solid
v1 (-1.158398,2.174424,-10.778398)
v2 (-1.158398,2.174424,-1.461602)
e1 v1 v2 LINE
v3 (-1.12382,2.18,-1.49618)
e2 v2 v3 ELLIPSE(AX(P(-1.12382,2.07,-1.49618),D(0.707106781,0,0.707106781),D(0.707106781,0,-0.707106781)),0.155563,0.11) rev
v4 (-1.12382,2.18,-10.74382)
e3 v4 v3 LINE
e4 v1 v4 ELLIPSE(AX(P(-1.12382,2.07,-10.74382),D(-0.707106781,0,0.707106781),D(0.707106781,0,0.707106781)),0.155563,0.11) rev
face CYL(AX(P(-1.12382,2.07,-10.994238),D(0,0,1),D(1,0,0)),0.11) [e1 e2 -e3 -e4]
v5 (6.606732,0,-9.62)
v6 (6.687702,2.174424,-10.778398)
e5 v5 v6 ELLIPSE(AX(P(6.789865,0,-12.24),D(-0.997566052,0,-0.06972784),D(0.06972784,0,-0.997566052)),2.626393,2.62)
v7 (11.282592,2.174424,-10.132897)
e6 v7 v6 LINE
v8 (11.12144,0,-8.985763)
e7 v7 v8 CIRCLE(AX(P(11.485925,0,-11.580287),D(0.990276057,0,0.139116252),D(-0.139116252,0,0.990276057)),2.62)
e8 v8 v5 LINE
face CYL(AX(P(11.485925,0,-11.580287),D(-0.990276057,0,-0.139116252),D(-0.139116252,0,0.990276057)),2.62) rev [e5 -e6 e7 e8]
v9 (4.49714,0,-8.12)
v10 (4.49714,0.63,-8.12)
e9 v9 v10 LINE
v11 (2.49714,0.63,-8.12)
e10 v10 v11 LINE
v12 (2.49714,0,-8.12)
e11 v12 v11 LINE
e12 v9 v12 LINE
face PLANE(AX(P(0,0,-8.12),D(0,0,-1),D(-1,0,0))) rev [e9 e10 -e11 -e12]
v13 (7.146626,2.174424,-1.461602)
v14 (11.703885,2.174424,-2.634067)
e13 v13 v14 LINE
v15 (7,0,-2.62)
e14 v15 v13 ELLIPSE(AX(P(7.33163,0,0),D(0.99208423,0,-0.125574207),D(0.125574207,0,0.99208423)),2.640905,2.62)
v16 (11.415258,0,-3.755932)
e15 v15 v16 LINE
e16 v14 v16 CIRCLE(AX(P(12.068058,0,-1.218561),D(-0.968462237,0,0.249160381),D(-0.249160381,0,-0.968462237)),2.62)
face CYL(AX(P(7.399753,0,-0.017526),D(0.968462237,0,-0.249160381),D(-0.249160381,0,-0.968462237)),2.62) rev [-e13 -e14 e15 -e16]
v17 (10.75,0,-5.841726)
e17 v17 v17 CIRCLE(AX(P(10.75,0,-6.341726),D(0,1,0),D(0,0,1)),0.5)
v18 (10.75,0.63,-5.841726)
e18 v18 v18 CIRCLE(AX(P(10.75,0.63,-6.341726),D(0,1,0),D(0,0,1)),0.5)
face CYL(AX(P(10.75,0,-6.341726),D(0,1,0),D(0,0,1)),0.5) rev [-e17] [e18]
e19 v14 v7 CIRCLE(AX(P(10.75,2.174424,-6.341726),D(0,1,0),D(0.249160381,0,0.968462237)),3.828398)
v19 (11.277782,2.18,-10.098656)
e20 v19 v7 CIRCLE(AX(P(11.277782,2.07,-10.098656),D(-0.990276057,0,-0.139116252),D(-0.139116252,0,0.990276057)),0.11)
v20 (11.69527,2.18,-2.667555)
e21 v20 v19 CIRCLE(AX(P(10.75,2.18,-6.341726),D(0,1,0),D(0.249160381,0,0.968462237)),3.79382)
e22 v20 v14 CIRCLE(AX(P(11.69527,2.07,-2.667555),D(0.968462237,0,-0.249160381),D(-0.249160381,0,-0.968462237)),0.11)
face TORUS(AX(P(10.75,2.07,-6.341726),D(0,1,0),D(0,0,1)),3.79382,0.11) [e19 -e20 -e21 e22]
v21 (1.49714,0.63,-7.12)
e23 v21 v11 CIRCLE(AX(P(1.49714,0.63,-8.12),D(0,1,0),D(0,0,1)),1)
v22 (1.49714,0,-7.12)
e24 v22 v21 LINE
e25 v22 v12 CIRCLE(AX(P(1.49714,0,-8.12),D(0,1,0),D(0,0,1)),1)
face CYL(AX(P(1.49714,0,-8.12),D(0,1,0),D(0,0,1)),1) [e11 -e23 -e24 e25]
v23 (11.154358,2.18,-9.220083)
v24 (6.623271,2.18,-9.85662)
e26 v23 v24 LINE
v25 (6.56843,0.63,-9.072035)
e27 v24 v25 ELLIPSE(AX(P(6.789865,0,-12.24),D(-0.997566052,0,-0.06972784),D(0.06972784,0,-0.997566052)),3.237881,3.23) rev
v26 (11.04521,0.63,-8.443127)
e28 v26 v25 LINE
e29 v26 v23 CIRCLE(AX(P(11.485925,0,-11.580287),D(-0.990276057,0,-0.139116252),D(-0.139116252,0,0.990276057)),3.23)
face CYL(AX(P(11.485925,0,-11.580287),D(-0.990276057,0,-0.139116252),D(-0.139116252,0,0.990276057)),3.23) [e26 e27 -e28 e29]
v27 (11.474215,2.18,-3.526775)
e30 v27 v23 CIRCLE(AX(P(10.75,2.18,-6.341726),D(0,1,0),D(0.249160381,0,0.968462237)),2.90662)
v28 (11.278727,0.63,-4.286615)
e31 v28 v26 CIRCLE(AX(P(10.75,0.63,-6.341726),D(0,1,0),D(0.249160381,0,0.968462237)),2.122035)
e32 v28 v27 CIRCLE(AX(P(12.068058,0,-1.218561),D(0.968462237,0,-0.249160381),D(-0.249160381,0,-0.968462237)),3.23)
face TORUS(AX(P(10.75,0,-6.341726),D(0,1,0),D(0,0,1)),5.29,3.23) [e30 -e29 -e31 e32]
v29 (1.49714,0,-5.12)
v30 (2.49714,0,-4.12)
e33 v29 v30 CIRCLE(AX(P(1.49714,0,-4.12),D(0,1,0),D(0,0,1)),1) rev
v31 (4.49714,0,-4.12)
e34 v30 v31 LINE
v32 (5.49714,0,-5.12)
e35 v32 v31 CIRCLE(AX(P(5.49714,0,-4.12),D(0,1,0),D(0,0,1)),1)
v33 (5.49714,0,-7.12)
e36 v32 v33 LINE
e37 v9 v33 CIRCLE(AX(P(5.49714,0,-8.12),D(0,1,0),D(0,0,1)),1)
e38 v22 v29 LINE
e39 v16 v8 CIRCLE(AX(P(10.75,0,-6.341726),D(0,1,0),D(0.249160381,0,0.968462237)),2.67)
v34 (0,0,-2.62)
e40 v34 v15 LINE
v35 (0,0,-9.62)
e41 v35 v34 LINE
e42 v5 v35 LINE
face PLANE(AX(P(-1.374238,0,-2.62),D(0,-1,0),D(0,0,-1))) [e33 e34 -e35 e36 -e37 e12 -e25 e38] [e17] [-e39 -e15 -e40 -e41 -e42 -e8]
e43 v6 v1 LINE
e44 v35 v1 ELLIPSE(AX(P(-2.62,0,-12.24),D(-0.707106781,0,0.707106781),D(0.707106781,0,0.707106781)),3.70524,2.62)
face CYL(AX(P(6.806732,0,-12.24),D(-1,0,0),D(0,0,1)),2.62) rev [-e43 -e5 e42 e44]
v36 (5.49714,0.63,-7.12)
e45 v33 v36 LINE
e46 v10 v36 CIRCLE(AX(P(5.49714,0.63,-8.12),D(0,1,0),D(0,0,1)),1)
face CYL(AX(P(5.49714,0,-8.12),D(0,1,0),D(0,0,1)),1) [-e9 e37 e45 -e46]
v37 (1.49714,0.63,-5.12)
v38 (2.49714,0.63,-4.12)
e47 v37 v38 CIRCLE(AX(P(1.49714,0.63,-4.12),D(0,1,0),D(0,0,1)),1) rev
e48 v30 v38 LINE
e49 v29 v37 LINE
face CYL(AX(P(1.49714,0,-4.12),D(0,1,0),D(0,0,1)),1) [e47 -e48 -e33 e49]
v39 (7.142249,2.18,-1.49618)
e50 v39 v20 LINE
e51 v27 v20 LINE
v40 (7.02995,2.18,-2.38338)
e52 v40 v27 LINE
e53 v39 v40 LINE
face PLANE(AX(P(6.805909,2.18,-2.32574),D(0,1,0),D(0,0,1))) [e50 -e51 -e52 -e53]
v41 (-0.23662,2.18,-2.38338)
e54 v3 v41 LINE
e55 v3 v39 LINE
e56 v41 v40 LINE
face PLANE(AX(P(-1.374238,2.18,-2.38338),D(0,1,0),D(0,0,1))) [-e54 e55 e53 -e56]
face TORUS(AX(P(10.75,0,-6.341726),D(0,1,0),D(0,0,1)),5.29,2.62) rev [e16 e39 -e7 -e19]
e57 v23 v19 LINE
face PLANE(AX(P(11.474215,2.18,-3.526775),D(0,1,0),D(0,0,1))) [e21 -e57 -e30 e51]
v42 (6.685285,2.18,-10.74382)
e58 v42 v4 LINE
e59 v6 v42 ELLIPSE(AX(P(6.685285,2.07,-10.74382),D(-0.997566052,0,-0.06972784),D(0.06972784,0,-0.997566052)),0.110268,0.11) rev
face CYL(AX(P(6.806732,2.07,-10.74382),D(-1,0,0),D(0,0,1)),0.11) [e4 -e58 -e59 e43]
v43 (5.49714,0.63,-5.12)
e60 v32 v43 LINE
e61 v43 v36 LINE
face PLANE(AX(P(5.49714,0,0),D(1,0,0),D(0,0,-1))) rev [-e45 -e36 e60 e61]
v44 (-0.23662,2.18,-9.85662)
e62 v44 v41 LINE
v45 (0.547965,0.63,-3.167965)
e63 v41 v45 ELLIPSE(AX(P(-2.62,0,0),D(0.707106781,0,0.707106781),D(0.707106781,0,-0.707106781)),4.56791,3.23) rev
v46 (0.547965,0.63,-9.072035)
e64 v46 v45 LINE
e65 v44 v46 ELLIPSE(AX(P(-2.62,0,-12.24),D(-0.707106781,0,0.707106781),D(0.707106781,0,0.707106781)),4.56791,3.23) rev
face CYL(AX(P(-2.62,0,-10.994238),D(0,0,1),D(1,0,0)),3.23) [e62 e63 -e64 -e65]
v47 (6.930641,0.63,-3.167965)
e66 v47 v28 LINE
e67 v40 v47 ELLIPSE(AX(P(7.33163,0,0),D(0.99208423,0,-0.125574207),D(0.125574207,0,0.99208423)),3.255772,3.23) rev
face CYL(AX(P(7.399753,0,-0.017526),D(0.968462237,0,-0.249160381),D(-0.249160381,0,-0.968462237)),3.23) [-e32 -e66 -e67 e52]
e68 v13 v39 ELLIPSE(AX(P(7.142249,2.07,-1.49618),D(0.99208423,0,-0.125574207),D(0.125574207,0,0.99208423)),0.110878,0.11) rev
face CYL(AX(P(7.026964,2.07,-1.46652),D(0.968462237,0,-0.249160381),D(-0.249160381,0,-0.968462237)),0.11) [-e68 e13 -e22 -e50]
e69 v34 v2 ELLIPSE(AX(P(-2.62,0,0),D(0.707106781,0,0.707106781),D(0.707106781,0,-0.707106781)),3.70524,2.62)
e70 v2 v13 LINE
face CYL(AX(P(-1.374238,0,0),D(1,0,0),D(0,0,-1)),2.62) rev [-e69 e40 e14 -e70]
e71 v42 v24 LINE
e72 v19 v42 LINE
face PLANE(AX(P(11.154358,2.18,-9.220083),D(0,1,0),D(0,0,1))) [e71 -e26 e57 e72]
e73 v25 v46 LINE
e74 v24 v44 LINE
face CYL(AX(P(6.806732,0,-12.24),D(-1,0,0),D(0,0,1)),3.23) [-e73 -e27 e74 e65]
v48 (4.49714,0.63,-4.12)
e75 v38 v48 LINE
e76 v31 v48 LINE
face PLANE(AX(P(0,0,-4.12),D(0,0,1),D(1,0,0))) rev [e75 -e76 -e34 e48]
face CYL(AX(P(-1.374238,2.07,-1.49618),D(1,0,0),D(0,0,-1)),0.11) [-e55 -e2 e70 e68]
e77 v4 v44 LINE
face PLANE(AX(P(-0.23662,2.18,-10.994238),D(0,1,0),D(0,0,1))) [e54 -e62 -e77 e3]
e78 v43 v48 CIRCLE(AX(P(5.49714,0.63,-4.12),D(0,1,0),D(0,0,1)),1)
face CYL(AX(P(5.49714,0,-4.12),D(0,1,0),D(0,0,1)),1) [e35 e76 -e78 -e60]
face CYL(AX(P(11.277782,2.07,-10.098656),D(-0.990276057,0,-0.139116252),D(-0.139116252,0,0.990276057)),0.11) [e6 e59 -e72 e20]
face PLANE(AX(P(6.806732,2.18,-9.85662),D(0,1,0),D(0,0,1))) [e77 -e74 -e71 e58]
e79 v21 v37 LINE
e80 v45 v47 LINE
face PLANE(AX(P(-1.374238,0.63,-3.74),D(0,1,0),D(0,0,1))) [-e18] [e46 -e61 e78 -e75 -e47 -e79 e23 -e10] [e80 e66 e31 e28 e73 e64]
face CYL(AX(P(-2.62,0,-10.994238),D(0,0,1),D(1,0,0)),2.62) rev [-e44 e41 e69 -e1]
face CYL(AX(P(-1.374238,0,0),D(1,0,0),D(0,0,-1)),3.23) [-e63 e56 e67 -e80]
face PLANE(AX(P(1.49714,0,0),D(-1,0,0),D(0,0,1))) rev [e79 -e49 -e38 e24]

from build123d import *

# Parameters (mm, degrees)
BOSS_EXTRUDE1_REACH     = 19.38
SKETCH3_W               = 4.76
SKETCH3_H               = 0.63
CUT_EXTRUDE1_DEPTH      = 19.196319901
CUT_EXTRUDE1_DEPTH_BACK = 19.196319901
SKETCH4_R               = 0.5


with BuildPart() as part:
    # Sweep1: sweep along a path in Sketch2
    with BuildLine(Plane(origin=(0, 0, 0), x_dir=(1, 0, 0), z_dir=(0, 1, 0))) as sweep1_path:
        Line((0, 2.62), (7, 2.62))
        Line((7, 2.62), (11.415258217, 3.755932179))
        ThreePointArc((11.415258217, 3.755932179), (13.415796262, 6.491493797), (11.121440392, 8.985763424))
        Line((11.121440392, 8.985763424), (6.606732095, 9.62))
        Line((6.606732095, 9.62), (0, 9.62))
        Line((0, 9.62), (0, 2.62))
    # Sketch1 → Sweep1 (sweep)
    with BuildSketch(Plane(origin=(0, 0, 0), x_dir=(0, 0, -1), z_dir=(1, 0, 0))):
        with BuildLine():
            Line((2.62, 0), (3.74, 0))
            Line((3.74, 0), (3.74, 0.63))
            Line((3.74, 0.63), (3.167964646, 0.63))
            ThreePointArc((3.167964646, 0.63), (2.881836518, 1.458738594), (2.383379953, 2.18))
            Line((2.383379953, 2.18), (1.496179773, 2.18))
            ThreePointArc((1.496179773, 2.18), (1.478667505, 2.178597055), (1.46160194, 2.174424008))
            ThreePointArc((1.46160194, 2.174424008), (2.312336165, 1.231869091), (2.62, 0))
        make_face()
    sweep(path=sweep1_path.line, transition=Transition.RIGHT)

    # Sketch3 → Boss-Extrude1 (add, up to next)
    with BuildSketch(Plane(origin=(1.12, 0, 0), x_dir=(0, 0, -1), z_dir=(1, 0, 0)), mode=Mode.PRIVATE) as boss_extrude1_sk1:
        with Locations((6.12, 0.315)):
            Rectangle(SKETCH3_W, SKETCH3_H)
    boss_extrude1_tool1 = extrude(boss_extrude1_sk1.sketch, amount=BOSS_EXTRUDE1_REACH, mode=Mode.PRIVATE) - part.part
    add(boss_extrude1_tool1.solids().sort_by_distance((1.12, 0.315, -6.12))[0])

    # Sketch4 → Cut-Extrude1 (cut, two sides: drawn at the far end of the back side and taken through both)
    with BuildSketch(Plane(origin=(0, 0.63, 0), x_dir=(1, 0, 0), z_dir=(0, 1, 0)).offset(-CUT_EXTRUDE1_DEPTH_BACK)):
        with Locations(Location((10.75, 6.341726352, 0), (0, 0, 270))):
            Circle(SKETCH4_R)
        with BuildLine():
            Line((1.497140147, 7.12), (1.497140147, 5.12))
            ThreePointArc((1.497140147, 5.12), (2.204246928, 4.827106781), (2.497140147, 4.12))
            Line((2.497140147, 4.12), (4.497140147, 4.12))
            ThreePointArc((4.497140147, 4.12), (4.790033365, 4.827106781), (5.497140147, 5.12))
            Line((5.497140147, 5.12), (5.497140147, 7.12))
            ThreePointArc((5.497140147, 7.12), (4.790033365, 7.412893219), (4.497140147, 8.12))
            Line((4.497140147, 8.12), (2.497140147, 8.12))
            ThreePointArc((2.497140147, 8.12), (2.204246928, 7.412893219), (1.497140147, 7.12))
        make_face()
    extrude(amount=CUT_EXTRUDE1_DEPTH + CUT_EXTRUDE1_DEPTH_BACK, mode=Mode.SUBTRACT)


solid = part.part
